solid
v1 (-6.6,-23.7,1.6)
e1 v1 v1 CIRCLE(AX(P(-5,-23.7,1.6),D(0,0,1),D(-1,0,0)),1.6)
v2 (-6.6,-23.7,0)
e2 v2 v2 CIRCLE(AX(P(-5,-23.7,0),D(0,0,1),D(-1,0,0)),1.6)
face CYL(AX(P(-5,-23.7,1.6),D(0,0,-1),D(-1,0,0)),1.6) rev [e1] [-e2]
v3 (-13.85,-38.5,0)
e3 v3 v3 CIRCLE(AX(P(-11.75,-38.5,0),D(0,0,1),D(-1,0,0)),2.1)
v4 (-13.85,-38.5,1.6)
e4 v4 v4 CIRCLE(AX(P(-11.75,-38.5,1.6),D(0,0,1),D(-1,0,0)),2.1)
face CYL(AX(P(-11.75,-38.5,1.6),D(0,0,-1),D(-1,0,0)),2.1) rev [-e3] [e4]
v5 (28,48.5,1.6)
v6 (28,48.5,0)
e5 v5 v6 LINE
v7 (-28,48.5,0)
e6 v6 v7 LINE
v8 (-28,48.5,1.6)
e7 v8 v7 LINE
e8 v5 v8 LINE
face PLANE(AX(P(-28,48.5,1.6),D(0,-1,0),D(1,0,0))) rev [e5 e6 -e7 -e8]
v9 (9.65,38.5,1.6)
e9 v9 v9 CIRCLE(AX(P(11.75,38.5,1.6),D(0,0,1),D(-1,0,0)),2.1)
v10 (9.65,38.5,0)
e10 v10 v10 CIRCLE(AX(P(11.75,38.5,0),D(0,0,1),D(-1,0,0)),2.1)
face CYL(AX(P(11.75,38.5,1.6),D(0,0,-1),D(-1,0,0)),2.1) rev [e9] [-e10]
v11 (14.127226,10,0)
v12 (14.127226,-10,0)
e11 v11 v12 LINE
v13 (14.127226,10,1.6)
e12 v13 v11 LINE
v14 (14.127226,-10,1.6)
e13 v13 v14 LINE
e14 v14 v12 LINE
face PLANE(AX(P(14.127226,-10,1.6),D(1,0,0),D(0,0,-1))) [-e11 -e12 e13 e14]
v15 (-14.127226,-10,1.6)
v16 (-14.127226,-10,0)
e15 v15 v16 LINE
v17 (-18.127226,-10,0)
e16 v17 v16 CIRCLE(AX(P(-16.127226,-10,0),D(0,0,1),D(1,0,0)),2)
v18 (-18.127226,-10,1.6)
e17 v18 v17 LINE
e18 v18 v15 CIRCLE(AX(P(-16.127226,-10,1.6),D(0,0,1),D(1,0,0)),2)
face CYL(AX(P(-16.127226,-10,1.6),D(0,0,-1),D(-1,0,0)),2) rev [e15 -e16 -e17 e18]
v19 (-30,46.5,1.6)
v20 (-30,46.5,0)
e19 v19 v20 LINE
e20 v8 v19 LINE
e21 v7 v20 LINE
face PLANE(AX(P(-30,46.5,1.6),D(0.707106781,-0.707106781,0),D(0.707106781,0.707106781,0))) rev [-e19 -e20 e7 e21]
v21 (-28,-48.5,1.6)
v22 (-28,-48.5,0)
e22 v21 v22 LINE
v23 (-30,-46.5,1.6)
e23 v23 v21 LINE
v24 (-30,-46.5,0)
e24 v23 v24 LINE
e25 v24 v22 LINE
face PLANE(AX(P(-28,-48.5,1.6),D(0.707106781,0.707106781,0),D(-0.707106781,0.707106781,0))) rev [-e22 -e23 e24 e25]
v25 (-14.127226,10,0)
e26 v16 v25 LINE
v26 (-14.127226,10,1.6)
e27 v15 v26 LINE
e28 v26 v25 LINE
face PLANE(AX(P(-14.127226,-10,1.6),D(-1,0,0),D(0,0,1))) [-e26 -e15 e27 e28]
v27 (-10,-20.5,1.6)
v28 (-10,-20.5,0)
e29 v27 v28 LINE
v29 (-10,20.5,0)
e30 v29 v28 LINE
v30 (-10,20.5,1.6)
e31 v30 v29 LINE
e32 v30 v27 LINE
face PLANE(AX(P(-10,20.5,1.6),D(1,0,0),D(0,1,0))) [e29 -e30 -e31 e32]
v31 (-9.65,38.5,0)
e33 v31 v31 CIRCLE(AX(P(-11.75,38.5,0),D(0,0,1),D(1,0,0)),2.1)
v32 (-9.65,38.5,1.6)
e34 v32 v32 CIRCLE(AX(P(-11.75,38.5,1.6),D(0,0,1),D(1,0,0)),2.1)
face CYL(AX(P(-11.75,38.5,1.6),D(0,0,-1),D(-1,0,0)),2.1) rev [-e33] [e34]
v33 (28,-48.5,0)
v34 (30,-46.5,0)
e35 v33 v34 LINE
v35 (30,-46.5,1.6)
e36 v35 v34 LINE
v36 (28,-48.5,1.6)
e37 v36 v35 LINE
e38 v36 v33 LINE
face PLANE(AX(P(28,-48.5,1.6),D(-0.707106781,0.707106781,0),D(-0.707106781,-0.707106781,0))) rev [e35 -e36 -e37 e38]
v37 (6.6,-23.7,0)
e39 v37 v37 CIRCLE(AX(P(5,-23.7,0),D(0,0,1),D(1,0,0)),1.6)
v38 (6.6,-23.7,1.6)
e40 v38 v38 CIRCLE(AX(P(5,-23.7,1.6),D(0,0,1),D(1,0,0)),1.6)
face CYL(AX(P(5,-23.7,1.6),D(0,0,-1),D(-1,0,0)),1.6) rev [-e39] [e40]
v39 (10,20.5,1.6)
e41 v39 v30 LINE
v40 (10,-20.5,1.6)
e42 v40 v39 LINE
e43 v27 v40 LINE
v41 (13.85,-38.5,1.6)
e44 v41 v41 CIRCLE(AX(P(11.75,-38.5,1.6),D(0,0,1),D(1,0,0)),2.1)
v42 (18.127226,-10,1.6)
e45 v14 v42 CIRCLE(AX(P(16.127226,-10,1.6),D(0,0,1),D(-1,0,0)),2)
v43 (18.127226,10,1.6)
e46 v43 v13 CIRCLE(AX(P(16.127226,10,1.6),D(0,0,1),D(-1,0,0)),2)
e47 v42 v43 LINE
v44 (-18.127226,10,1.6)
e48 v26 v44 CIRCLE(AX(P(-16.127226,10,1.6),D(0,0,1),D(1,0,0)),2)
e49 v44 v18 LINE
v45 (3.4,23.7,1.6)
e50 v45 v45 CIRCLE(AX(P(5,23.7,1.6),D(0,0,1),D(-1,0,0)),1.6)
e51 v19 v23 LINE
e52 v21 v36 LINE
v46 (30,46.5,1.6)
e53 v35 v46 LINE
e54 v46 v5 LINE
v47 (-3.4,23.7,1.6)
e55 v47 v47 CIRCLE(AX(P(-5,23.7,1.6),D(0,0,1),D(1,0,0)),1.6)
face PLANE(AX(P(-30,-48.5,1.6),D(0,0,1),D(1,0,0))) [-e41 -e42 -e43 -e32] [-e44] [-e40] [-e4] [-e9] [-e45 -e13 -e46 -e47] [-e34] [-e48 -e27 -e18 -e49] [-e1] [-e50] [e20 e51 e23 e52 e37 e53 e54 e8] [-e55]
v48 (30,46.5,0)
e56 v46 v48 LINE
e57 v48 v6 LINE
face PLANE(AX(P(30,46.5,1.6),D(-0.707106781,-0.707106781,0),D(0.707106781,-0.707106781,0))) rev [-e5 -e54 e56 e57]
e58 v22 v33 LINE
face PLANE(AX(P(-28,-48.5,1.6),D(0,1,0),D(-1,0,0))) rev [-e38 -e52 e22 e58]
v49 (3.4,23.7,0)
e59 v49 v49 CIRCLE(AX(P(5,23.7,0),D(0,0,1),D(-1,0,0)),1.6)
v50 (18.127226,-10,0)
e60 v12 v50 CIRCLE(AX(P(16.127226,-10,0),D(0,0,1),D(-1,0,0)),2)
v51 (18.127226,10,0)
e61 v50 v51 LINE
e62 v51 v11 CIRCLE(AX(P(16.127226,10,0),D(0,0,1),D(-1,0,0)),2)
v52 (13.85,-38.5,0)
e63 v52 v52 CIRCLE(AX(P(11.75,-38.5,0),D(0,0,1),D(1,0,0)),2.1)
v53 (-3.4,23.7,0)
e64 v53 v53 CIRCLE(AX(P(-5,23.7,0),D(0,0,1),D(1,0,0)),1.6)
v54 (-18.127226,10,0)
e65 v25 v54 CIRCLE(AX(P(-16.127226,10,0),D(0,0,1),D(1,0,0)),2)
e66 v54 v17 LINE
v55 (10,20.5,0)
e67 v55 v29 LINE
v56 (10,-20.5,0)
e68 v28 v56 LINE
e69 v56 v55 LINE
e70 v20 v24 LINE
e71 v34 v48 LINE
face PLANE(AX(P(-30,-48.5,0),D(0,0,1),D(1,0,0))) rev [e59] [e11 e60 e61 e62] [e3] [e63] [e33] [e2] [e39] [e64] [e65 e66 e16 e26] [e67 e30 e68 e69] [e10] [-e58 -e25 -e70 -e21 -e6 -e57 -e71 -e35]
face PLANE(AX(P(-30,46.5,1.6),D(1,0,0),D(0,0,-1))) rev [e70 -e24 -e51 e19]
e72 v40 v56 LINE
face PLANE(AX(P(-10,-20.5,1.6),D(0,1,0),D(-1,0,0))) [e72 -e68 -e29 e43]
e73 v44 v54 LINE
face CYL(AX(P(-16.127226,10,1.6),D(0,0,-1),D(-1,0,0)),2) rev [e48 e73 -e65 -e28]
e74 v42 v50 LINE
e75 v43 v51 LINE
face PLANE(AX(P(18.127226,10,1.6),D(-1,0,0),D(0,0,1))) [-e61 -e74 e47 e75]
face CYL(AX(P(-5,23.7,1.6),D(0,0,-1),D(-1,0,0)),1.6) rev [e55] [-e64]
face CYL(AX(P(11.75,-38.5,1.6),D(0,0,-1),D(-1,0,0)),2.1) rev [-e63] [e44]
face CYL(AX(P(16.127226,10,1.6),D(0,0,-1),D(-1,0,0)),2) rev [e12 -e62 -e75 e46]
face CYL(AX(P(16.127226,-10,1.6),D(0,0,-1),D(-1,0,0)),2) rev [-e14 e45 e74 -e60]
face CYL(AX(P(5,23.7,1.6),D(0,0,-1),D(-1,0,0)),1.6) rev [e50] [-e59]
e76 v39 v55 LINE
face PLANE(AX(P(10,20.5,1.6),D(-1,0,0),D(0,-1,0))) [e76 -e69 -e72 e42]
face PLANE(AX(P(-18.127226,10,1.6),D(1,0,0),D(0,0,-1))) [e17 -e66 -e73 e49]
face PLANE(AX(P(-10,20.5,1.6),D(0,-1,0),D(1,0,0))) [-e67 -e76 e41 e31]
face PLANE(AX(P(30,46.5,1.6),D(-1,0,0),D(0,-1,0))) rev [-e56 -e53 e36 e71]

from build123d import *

# Parameters (mm, degrees)
SKETCH_1_R      = 2.1
SKETCH_1_R_2    = 1.6
SKETCH_1_W      = 20
SKETCH_1_H      = 41
EXTRUDE_1_DEPTH = 1.6


with BuildPart() as part:
    # 草图1 → 凸台-拉伸1 (new body)
    with BuildSketch(Plane.XY):
        Polygon((-30, 46.5), (-28, 48.5), (28, 48.5), (30, 46.5), (30, -46.5), (28, -48.5), (-28, -48.5), (-30, -46.5), align=None)
        with Locations((-11.75, 38.5)):
            Circle(SKETCH_1_R, mode=Mode.SUBTRACT)
        with Locations((-5, 23.7)):
            Circle(SKETCH_1_R_2, mode=Mode.SUBTRACT)
        with Locations(Location((-5, -23.7, 0), (0, 0, 180))):
            Circle(SKETCH_1_R_2, mode=Mode.SUBTRACT)
        with Locations(Location((-11.75, -38.5, 0), (0, 0, 180))):
            Circle(SKETCH_1_R, mode=Mode.SUBTRACT)
        with Locations((11.75, -38.5)):
            Circle(SKETCH_1_R, mode=Mode.SUBTRACT)
        with Locations((5, -23.7)):
            Circle(SKETCH_1_R_2, mode=Mode.SUBTRACT)
        with Locations(Location((5, 23.7, 0), (0, 0, 180))):
            Circle(SKETCH_1_R_2, mode=Mode.SUBTRACT)
        with Locations(Location((11.75, 38.5, 0), (0, 0, 180))):
            Circle(SKETCH_1_R, mode=Mode.SUBTRACT)
        with BuildLine():
            Line((-18.12722641, 10), (-18.12722641, -10))
            ThreePointArc((-18.12722641, -10), (-16.12722641, -12), (-14.12722641, -10))
            Line((-14.12722641, -10), (-14.12722641, 10))
            ThreePointArc((-14.12722641, 10), (-16.12722641, 12), (-18.12722641, 10))
        make_face(mode=Mode.SUBTRACT)
        Rectangle(SKETCH_1_W, SKETCH_1_H, mode=Mode.SUBTRACT)
        with BuildLine():
            Line((18.12722641, 10), (18.12722641, -10))
            ThreePointArc((18.12722641, -10), (16.12722641, -12), (14.12722641, -10))
            Line((14.12722641, -10), (14.12722641, 10))
            ThreePointArc((14.12722641, 10), (16.12722641, 12), (18.12722641, 10))
        make_face(mode=Mode.SUBTRACT)
    extrude(amount=EXTRUDE_1_DEPTH)


solid = part.part
